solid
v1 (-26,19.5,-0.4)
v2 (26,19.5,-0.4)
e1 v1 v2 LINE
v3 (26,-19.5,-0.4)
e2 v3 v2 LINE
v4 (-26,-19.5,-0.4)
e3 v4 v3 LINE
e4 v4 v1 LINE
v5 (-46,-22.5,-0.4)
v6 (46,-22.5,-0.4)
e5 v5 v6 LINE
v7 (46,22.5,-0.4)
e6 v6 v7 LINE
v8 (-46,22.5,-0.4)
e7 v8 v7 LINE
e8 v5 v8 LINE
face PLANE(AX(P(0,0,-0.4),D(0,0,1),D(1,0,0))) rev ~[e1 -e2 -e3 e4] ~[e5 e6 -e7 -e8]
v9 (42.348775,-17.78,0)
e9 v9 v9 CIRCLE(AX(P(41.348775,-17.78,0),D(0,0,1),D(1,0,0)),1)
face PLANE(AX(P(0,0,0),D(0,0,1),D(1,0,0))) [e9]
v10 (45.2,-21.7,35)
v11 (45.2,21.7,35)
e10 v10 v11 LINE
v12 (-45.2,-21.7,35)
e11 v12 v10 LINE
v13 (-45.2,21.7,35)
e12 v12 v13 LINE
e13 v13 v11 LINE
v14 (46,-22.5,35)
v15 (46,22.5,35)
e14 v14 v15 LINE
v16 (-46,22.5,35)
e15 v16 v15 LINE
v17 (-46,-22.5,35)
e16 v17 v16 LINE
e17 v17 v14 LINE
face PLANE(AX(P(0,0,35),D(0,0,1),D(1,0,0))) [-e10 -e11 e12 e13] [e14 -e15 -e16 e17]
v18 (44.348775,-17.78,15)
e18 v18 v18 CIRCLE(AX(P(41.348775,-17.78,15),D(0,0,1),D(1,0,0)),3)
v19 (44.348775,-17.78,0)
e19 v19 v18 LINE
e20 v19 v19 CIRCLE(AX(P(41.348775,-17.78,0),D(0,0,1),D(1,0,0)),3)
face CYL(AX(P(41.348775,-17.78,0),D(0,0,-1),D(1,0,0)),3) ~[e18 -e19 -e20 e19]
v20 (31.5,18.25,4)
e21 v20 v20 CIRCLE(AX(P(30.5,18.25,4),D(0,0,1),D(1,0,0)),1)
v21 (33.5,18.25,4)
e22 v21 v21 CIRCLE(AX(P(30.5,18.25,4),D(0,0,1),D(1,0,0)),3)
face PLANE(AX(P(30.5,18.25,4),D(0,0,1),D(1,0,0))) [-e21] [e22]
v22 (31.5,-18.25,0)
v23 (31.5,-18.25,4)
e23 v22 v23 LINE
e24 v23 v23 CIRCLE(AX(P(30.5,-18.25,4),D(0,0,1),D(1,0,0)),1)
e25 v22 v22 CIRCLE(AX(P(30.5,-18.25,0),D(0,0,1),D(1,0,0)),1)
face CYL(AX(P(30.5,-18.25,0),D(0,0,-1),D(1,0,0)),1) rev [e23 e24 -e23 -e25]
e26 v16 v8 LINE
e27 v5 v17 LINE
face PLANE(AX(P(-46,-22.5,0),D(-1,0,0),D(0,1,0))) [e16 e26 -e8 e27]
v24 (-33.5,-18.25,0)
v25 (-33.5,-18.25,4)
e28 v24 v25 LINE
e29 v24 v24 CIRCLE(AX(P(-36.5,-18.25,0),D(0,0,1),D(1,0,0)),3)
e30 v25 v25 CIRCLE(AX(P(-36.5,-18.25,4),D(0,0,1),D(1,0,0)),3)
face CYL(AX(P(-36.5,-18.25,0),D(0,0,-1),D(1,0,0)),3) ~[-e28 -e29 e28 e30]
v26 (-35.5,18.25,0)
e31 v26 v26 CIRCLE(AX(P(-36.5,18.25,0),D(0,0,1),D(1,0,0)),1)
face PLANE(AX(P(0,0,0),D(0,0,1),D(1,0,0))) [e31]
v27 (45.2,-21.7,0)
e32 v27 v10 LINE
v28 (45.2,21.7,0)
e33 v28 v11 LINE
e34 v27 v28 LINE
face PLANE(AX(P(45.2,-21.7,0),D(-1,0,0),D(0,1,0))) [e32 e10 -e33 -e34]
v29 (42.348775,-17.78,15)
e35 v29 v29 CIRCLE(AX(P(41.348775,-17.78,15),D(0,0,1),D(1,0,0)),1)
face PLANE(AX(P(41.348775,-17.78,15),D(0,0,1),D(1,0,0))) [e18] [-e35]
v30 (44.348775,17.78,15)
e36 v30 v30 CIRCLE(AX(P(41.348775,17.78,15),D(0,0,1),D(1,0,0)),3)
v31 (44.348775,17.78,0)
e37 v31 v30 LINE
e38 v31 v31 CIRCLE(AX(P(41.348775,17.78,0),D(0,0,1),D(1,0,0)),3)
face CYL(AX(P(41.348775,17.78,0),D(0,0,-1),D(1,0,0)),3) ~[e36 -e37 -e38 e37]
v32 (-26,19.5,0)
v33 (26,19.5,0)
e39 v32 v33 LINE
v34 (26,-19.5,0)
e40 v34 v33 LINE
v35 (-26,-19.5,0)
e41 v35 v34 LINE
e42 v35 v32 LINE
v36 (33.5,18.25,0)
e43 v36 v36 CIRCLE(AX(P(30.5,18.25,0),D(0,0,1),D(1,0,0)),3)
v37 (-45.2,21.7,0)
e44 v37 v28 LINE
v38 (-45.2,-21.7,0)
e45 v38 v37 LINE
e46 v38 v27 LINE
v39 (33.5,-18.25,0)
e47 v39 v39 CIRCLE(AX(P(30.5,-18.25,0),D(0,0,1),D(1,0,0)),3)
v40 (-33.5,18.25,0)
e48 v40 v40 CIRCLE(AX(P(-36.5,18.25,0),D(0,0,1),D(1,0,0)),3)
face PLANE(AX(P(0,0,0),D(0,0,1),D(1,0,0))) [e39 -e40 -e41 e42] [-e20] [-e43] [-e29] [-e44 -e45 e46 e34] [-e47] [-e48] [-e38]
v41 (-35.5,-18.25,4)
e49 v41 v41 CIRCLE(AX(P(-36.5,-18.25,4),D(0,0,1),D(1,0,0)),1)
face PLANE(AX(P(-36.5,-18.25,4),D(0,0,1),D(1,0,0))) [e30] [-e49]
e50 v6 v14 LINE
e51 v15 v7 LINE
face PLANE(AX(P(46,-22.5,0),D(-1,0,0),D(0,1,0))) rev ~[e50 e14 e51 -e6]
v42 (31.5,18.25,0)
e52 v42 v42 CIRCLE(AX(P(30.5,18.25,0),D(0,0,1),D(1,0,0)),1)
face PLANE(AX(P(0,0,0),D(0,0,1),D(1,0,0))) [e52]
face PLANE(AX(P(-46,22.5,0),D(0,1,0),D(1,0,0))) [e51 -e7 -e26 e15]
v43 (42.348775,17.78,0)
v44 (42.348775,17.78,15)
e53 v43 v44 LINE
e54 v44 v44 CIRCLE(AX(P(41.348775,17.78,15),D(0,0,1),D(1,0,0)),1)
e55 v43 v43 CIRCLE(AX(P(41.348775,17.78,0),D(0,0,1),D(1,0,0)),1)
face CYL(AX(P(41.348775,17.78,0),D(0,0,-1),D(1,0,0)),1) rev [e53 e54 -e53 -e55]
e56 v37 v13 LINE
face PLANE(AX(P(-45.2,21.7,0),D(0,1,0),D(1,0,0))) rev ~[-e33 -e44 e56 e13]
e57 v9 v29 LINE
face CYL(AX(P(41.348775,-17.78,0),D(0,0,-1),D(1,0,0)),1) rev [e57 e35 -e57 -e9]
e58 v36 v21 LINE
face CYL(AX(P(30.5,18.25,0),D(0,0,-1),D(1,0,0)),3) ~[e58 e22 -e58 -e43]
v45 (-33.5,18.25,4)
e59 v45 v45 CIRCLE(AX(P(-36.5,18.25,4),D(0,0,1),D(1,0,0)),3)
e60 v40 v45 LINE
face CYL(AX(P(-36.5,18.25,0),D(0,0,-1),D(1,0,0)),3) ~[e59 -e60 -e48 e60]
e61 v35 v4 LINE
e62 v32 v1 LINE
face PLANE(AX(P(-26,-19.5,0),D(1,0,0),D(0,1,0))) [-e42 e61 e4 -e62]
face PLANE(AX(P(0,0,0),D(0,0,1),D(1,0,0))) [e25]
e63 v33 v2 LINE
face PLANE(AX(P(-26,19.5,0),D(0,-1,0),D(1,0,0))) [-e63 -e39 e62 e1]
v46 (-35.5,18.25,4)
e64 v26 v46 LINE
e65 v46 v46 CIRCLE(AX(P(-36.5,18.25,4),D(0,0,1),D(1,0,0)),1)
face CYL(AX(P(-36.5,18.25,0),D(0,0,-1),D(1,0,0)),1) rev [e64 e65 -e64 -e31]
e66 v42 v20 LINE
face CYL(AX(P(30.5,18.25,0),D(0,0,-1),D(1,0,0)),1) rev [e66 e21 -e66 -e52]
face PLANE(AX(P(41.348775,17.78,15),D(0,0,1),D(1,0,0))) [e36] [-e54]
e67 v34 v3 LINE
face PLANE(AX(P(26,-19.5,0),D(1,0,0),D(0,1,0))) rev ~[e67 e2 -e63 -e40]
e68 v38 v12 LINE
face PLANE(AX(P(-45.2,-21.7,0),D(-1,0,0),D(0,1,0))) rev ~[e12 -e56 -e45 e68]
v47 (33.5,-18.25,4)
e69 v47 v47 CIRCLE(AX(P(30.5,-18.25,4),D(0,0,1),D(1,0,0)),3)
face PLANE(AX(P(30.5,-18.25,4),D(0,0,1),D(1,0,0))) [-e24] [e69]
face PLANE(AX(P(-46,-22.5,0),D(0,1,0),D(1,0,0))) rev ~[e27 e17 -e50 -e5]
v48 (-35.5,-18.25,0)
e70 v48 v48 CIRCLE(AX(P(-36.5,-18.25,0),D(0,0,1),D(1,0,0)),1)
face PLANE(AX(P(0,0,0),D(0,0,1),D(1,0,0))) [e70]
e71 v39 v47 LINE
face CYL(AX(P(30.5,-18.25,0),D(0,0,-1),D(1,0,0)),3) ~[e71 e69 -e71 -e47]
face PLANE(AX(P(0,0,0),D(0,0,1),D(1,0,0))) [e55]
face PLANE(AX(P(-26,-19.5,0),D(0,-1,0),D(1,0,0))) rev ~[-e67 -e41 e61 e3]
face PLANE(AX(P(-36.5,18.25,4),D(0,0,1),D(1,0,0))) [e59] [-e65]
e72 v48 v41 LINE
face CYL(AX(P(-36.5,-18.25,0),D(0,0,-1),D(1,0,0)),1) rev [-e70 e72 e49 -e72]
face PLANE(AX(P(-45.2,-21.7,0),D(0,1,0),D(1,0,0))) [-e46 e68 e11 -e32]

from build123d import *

# Parameters (mm, degrees)
SKETCH_W      = 92
SKETCH_H      = 45
SKETCH_W_2    = 52
SKETCH_H_2    = 39
PAD_DEPTH     = 0.4
SKETCH003_W   = 92
SKETCH003_H   = 45
SKETCH003_W_2 = 90.4
SKETCH003_H_2 = 43.4
PAD001_DEPTH  = 35
SKETCH001_R   = 3
SKETCH001_R_2 = 1
PAD002_DEPTH  = 4
SKETCH004_R   = 3
SKETCH004_R_2 = 1
PAD003_DEPTH  = 15


with BuildPart() as part:
    # Sketch → Pad (new body)
    with BuildSketch(Plane.XY):
        Rectangle(SKETCH_W, SKETCH_H)
        Rectangle(SKETCH_W_2, SKETCH_H_2, mode=Mode.SUBTRACT)
    extrude(amount=-PAD_DEPTH)

    # Sketch003 → Pad001 (join)
    with BuildSketch(Plane.XY):
        Rectangle(SKETCH003_W, SKETCH003_H)
        Rectangle(SKETCH003_W_2, SKETCH003_H_2, mode=Mode.SUBTRACT)
    extrude(amount=PAD001_DEPTH)

    # Sketch001 → Pad002 (join)
    with BuildSketch(Plane.XY):
        with Locations((30.5, 18.25)):
            Circle(SKETCH001_R)
        with Locations((30.5, 18.25)):
            Circle(SKETCH001_R_2, mode=Mode.SUBTRACT)
        with Locations((30.5, -18.25)):
            Circle(SKETCH001_R)
        with Locations((30.5, -18.25)):
            Circle(SKETCH001_R_2, mode=Mode.SUBTRACT)
        with Locations((-36.5, 18.25)):
            Circle(SKETCH001_R)
        with Locations((-36.5, 18.25)):
            Circle(SKETCH001_R_2, mode=Mode.SUBTRACT)
        with Locations((-36.5, -18.25)):
            Circle(SKETCH001_R)
        with Locations((-36.5, -18.25)):
            Circle(SKETCH001_R_2, mode=Mode.SUBTRACT)
    extrude(amount=PAD002_DEPTH)

    # Sketch004 → Pad003 (join)
    with BuildSketch(Plane.XY):
        with Locations((41.348775, 17.78)):
            Circle(SKETCH004_R)
        with Locations((41.348775, 17.78)):
            Circle(SKETCH004_R_2, mode=Mode.SUBTRACT)
        with Locations((41.348775, -17.78)):
            Circle(SKETCH004_R)
        with Locations((41.348775, -17.78)):
            Circle(SKETCH004_R_2, mode=Mode.SUBTRACT)
    extrude(amount=PAD003_DEPTH)


solid = part.part
